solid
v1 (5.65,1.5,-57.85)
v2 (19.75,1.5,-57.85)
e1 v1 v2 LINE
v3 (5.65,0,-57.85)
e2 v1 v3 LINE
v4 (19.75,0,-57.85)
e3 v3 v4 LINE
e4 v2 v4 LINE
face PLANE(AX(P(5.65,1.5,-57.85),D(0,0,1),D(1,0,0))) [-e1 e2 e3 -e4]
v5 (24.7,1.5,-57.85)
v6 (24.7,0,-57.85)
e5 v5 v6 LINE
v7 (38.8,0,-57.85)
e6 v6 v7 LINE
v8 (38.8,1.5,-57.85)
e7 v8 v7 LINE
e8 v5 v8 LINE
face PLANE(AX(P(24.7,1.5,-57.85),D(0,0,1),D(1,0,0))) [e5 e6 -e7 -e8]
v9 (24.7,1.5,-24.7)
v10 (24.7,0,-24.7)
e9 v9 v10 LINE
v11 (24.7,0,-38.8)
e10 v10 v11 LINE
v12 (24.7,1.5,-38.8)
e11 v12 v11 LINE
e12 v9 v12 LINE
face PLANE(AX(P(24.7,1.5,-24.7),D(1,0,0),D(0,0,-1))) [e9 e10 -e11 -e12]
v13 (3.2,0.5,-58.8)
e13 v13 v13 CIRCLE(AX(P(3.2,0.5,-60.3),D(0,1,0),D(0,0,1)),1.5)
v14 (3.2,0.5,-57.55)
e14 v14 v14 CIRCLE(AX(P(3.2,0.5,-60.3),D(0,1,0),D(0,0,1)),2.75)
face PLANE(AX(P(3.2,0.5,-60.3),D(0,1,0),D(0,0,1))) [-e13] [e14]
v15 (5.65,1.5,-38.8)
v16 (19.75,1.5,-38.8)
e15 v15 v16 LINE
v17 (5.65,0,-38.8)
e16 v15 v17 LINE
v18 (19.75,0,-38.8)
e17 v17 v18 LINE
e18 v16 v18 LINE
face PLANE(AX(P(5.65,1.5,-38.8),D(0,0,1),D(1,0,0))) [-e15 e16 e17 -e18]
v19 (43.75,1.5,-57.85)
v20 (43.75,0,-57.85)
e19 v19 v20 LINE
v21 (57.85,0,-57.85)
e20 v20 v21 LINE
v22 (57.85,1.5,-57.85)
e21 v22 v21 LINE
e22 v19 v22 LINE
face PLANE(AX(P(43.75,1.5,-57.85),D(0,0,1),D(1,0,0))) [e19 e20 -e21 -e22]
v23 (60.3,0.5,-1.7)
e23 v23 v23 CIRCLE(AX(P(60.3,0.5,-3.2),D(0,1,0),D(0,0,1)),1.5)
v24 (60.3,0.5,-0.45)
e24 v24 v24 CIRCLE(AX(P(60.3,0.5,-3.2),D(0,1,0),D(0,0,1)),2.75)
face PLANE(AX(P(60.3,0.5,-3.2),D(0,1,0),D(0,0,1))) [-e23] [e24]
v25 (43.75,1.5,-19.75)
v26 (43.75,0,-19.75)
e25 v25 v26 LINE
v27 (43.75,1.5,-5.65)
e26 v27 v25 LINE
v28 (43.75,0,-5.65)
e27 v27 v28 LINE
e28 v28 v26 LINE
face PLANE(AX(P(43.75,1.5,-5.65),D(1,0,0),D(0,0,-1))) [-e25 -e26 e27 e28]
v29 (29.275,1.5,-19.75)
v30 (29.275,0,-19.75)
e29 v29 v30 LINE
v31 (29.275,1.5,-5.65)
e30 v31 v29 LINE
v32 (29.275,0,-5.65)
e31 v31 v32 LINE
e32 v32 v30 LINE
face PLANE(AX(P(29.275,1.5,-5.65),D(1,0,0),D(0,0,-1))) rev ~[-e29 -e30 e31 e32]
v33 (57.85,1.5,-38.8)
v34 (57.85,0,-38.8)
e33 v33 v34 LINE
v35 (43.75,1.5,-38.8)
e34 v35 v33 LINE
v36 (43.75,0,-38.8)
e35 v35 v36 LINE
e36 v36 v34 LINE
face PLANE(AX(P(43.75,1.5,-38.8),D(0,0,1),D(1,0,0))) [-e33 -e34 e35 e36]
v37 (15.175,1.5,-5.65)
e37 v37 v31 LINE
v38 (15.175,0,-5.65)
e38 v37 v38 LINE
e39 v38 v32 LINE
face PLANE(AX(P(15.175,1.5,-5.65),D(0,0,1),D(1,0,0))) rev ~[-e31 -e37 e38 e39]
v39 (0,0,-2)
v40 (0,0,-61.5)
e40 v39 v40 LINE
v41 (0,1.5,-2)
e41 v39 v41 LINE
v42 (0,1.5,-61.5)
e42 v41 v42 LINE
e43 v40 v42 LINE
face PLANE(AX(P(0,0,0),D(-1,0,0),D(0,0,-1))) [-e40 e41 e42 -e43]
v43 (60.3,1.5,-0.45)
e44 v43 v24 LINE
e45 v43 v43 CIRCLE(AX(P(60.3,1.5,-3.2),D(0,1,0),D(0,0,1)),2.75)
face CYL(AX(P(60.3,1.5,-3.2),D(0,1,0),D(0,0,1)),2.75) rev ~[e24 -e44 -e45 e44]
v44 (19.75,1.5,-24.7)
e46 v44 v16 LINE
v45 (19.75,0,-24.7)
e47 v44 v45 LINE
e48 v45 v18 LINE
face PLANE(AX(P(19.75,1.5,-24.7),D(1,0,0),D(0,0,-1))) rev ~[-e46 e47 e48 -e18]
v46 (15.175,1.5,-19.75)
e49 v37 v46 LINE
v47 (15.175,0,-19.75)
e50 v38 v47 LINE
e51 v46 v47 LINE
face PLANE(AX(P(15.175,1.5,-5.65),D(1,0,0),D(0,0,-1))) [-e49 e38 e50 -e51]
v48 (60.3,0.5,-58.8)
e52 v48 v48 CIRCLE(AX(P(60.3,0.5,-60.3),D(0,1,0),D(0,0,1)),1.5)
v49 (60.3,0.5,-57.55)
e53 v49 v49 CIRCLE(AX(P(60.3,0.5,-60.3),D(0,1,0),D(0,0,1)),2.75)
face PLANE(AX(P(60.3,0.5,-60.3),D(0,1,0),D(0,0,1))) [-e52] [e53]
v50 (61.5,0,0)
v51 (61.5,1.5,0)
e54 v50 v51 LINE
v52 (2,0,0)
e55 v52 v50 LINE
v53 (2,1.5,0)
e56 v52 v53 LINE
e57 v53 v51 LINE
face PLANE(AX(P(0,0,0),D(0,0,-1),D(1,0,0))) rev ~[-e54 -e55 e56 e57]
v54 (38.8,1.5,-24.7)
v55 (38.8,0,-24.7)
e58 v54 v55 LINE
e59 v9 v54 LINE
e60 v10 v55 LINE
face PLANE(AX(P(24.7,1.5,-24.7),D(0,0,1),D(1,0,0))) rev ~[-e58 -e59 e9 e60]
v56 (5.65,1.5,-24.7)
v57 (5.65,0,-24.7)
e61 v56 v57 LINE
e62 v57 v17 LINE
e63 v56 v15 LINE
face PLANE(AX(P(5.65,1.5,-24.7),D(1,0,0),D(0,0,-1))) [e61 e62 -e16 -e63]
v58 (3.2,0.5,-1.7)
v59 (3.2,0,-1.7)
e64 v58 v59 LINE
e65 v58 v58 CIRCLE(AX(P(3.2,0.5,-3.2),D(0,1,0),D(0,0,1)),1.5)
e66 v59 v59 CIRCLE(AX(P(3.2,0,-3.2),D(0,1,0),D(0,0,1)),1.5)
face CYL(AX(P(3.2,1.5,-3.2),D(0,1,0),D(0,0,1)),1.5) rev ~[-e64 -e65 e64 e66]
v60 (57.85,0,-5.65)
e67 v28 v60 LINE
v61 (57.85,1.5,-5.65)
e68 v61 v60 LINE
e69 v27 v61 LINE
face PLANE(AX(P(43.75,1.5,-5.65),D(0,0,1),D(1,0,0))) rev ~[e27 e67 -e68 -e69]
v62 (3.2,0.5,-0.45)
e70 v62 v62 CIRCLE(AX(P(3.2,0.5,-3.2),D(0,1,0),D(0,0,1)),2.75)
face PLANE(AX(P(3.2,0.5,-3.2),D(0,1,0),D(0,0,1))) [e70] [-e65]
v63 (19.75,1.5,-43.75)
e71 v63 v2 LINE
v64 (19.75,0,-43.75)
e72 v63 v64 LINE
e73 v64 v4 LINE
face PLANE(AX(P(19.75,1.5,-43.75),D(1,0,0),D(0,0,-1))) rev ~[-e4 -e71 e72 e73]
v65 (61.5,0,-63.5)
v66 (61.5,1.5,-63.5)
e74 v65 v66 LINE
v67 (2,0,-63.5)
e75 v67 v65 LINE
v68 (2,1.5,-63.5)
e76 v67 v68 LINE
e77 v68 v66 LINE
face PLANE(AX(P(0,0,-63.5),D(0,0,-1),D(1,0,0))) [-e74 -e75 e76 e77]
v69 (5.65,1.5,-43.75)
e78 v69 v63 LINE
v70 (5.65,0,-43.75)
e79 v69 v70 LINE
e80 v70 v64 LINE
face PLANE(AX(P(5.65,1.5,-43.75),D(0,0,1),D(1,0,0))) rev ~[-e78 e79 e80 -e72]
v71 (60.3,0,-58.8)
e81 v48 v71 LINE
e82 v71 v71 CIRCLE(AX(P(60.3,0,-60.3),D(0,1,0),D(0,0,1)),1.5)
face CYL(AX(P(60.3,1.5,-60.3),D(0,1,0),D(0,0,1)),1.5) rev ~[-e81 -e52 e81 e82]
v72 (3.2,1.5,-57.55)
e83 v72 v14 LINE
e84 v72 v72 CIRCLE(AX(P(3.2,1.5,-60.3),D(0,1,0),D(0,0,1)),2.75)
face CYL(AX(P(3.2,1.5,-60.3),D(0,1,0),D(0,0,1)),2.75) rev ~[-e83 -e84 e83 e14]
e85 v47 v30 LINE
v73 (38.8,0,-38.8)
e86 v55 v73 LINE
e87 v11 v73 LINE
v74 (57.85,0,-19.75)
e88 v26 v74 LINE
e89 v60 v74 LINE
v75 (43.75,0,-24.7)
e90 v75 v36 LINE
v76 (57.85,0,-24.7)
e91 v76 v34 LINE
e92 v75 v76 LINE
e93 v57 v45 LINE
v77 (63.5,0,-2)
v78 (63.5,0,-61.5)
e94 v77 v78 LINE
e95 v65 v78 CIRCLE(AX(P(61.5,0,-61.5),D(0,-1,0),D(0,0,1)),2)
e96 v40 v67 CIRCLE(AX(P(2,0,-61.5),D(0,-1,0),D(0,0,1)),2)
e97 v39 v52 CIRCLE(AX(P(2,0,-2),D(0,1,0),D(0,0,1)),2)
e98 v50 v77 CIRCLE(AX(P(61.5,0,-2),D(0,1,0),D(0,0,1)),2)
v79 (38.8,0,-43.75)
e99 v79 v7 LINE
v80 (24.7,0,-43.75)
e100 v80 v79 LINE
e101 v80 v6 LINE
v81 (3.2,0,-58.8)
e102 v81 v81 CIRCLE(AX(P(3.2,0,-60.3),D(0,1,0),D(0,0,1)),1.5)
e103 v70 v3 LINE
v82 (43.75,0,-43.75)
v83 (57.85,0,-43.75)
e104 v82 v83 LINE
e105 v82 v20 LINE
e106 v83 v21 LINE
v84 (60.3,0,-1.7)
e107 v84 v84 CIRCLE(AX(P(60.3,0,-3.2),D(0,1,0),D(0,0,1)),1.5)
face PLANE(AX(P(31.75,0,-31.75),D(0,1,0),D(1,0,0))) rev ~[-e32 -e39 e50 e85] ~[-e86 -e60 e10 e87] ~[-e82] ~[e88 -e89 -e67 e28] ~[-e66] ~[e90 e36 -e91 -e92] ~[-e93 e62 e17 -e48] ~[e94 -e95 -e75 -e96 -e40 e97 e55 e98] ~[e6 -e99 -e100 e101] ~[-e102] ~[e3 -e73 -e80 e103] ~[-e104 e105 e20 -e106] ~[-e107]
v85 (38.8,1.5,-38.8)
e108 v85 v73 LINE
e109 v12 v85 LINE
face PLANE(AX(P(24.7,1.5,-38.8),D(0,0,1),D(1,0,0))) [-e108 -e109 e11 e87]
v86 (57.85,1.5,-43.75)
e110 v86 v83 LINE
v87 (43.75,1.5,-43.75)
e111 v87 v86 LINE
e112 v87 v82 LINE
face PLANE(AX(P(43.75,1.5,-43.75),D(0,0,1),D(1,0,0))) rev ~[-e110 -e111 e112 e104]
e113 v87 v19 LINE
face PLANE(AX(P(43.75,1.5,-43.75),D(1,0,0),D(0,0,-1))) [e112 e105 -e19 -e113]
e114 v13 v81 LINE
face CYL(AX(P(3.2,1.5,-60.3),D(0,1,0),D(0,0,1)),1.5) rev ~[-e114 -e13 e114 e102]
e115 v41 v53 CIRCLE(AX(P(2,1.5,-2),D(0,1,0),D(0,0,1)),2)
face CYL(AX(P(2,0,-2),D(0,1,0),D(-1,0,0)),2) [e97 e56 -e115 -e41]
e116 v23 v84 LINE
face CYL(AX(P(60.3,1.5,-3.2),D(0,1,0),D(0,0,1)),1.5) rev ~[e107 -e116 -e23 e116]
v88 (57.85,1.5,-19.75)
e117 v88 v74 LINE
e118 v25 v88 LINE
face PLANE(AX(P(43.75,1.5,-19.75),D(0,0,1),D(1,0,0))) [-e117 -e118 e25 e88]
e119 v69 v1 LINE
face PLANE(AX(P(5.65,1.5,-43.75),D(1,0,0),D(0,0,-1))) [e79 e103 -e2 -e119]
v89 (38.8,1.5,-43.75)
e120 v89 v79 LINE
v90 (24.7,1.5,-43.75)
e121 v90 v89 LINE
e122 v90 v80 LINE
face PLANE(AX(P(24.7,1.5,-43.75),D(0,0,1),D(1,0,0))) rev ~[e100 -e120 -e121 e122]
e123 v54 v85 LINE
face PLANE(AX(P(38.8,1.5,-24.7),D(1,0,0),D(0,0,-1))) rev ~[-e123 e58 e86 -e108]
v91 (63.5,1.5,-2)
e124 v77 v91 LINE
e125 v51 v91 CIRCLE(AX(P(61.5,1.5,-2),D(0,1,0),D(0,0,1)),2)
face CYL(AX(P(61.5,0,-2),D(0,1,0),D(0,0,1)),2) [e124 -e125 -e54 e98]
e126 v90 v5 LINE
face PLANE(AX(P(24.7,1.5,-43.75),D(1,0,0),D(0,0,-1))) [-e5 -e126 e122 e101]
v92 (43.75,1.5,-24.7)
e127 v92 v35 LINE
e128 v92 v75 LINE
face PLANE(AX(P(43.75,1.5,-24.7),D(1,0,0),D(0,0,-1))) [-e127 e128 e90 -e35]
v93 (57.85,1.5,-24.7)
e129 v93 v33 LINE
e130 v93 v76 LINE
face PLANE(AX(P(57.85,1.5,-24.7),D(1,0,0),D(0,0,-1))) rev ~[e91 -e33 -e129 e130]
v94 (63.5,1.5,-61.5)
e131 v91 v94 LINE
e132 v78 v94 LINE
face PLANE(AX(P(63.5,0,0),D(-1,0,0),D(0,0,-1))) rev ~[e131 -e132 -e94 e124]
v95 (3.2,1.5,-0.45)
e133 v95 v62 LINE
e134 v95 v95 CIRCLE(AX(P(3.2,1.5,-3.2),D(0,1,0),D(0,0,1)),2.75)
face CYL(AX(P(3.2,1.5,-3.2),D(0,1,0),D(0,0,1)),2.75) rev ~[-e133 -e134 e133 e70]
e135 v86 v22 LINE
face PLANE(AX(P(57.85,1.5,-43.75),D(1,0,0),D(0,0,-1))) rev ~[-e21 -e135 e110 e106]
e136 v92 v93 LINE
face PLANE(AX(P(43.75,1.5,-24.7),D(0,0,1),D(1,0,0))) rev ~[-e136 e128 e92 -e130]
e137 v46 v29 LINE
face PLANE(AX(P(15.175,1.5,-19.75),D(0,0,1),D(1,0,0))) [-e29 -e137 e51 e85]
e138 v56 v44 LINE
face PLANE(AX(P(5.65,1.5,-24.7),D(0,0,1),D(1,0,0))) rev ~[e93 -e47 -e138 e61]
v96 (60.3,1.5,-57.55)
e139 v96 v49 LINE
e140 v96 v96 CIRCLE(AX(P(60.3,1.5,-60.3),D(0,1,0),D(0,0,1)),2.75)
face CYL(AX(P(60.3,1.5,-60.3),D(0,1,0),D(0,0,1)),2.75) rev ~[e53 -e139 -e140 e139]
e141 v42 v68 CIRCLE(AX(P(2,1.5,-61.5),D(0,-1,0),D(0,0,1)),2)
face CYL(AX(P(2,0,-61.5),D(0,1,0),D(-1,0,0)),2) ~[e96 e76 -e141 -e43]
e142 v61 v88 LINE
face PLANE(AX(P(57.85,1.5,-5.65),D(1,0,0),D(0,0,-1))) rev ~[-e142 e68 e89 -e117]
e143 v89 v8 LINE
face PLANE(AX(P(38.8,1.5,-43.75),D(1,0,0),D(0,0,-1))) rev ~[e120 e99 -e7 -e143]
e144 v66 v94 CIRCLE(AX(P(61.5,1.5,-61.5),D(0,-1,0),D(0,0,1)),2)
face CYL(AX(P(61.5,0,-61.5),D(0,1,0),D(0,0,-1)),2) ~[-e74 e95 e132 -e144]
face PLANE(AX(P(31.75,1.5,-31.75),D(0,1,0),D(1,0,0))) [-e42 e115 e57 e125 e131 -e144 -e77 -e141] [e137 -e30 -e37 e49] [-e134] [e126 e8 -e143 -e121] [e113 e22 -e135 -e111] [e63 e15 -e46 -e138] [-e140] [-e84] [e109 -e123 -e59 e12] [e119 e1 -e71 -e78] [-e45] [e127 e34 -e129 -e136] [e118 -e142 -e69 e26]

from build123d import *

# Parameters (mm, degrees)
SKETCH1_W           = 63.5
SKETCH1_H           = 63.5
BOSS_EXTRUDE1_DEPTH = 1.5
SKETCH2_R           = 1.5
SKETCH2_W           = 14.1
SKETCH2_H           = 14.1
CUT_EXTRUDE1_DEPTH  = 90.815087819
SKETCH4_R           = 2.75
CUT_EXTRUDE2_DEPTH  = 1
FILLET1_R           = 2


with BuildPart() as part:
    # Sketch1 → Boss-Extrude1 (new body)
    with BuildSketch(Plane(origin=(0, 0, 0), x_dir=(1, 0, 0), z_dir=(0, 1, 0))):
        with Locations((31.75, 31.75)):
            Rectangle(SKETCH1_W, SKETCH1_H)
    extrude(amount=BOSS_EXTRUDE1_DEPTH)

    # Sketch2 → Cut-Extrude1 (cut, through all)
    with BuildSketch(Plane(origin=(0, 1.5, 0), x_dir=(1, 0, 0), z_dir=(0, 1, 0))):
        with Locations(Location((3.2, 60.3, 0), (0, 0, 270))):
            Circle(SKETCH2_R)
        with Locations(Location((60.3, 60.3, 0), (0, 0, 270))):
            Circle(SKETCH2_R)
        with Locations(Location((60.3, 3.2, 0), (0, 0, 270))):
            Circle(SKETCH2_R)
        with Locations(Location((3.2, 3.2, 0), (0, 0, 270))):
            Circle(SKETCH2_R)
        with Locations((12.7, 50.8)):
            Rectangle(SKETCH2_W, SKETCH2_H)
        with Locations((31.75, 50.8)):
            Rectangle(SKETCH2_W, SKETCH2_H)
        with Locations((50.8, 50.8)):
            Rectangle(SKETCH2_W, SKETCH2_H)
        with Locations((12.7, 31.75)):
            Rectangle(SKETCH2_W, SKETCH2_H)
        with Locations((31.75, 31.75)):
            Rectangle(SKETCH2_W, SKETCH2_H)
        with Locations((50.8, 31.75)):
            Rectangle(SKETCH2_W, SKETCH2_H)
        with Locations((22.225, 12.7)):
            Rectangle(SKETCH2_W, SKETCH2_H)
        with Locations((50.8, 12.7)):
            Rectangle(SKETCH2_W, SKETCH2_H)
    extrude(amount=-CUT_EXTRUDE1_DEPTH, mode=Mode.SUBTRACT)

    # Sketch4 → Cut-Extrude2 (cut)
    with BuildSketch(Plane(origin=(0, 1.5, 0), x_dir=(1, 0, 0), z_dir=(0, 1, 0))):
        with Locations(Location((3.2, 60.3, 0), (0, 0, 270))):
            Circle(SKETCH4_R)
        with Locations(Location((60.3, 60.3, 0), (0, 0, 270))):
            Circle(SKETCH4_R)
        with Locations(Location((60.3, 3.2, 0), (0, 0, 270))):
            Circle(SKETCH4_R)
        with Locations(Location((3.2, 3.2, 0), (0, 0, 270))):
            Circle(SKETCH4_R)
    extrude(amount=-CUT_EXTRUDE2_DEPTH, mode=Mode.SUBTRACT)

    # Fillet1
    fillet1_edges = [part.edges().sort_by_distance(p)[0] for p in [
        (0, 0.75, -63.5),
        (63.5, 0.75, -63.5),
        (63.5, 0.75, 0),
        (0, 0.75, 0),
    ]]
    fillet(fillet1_edges, radius=FILLET1_R)


solid = part.part
